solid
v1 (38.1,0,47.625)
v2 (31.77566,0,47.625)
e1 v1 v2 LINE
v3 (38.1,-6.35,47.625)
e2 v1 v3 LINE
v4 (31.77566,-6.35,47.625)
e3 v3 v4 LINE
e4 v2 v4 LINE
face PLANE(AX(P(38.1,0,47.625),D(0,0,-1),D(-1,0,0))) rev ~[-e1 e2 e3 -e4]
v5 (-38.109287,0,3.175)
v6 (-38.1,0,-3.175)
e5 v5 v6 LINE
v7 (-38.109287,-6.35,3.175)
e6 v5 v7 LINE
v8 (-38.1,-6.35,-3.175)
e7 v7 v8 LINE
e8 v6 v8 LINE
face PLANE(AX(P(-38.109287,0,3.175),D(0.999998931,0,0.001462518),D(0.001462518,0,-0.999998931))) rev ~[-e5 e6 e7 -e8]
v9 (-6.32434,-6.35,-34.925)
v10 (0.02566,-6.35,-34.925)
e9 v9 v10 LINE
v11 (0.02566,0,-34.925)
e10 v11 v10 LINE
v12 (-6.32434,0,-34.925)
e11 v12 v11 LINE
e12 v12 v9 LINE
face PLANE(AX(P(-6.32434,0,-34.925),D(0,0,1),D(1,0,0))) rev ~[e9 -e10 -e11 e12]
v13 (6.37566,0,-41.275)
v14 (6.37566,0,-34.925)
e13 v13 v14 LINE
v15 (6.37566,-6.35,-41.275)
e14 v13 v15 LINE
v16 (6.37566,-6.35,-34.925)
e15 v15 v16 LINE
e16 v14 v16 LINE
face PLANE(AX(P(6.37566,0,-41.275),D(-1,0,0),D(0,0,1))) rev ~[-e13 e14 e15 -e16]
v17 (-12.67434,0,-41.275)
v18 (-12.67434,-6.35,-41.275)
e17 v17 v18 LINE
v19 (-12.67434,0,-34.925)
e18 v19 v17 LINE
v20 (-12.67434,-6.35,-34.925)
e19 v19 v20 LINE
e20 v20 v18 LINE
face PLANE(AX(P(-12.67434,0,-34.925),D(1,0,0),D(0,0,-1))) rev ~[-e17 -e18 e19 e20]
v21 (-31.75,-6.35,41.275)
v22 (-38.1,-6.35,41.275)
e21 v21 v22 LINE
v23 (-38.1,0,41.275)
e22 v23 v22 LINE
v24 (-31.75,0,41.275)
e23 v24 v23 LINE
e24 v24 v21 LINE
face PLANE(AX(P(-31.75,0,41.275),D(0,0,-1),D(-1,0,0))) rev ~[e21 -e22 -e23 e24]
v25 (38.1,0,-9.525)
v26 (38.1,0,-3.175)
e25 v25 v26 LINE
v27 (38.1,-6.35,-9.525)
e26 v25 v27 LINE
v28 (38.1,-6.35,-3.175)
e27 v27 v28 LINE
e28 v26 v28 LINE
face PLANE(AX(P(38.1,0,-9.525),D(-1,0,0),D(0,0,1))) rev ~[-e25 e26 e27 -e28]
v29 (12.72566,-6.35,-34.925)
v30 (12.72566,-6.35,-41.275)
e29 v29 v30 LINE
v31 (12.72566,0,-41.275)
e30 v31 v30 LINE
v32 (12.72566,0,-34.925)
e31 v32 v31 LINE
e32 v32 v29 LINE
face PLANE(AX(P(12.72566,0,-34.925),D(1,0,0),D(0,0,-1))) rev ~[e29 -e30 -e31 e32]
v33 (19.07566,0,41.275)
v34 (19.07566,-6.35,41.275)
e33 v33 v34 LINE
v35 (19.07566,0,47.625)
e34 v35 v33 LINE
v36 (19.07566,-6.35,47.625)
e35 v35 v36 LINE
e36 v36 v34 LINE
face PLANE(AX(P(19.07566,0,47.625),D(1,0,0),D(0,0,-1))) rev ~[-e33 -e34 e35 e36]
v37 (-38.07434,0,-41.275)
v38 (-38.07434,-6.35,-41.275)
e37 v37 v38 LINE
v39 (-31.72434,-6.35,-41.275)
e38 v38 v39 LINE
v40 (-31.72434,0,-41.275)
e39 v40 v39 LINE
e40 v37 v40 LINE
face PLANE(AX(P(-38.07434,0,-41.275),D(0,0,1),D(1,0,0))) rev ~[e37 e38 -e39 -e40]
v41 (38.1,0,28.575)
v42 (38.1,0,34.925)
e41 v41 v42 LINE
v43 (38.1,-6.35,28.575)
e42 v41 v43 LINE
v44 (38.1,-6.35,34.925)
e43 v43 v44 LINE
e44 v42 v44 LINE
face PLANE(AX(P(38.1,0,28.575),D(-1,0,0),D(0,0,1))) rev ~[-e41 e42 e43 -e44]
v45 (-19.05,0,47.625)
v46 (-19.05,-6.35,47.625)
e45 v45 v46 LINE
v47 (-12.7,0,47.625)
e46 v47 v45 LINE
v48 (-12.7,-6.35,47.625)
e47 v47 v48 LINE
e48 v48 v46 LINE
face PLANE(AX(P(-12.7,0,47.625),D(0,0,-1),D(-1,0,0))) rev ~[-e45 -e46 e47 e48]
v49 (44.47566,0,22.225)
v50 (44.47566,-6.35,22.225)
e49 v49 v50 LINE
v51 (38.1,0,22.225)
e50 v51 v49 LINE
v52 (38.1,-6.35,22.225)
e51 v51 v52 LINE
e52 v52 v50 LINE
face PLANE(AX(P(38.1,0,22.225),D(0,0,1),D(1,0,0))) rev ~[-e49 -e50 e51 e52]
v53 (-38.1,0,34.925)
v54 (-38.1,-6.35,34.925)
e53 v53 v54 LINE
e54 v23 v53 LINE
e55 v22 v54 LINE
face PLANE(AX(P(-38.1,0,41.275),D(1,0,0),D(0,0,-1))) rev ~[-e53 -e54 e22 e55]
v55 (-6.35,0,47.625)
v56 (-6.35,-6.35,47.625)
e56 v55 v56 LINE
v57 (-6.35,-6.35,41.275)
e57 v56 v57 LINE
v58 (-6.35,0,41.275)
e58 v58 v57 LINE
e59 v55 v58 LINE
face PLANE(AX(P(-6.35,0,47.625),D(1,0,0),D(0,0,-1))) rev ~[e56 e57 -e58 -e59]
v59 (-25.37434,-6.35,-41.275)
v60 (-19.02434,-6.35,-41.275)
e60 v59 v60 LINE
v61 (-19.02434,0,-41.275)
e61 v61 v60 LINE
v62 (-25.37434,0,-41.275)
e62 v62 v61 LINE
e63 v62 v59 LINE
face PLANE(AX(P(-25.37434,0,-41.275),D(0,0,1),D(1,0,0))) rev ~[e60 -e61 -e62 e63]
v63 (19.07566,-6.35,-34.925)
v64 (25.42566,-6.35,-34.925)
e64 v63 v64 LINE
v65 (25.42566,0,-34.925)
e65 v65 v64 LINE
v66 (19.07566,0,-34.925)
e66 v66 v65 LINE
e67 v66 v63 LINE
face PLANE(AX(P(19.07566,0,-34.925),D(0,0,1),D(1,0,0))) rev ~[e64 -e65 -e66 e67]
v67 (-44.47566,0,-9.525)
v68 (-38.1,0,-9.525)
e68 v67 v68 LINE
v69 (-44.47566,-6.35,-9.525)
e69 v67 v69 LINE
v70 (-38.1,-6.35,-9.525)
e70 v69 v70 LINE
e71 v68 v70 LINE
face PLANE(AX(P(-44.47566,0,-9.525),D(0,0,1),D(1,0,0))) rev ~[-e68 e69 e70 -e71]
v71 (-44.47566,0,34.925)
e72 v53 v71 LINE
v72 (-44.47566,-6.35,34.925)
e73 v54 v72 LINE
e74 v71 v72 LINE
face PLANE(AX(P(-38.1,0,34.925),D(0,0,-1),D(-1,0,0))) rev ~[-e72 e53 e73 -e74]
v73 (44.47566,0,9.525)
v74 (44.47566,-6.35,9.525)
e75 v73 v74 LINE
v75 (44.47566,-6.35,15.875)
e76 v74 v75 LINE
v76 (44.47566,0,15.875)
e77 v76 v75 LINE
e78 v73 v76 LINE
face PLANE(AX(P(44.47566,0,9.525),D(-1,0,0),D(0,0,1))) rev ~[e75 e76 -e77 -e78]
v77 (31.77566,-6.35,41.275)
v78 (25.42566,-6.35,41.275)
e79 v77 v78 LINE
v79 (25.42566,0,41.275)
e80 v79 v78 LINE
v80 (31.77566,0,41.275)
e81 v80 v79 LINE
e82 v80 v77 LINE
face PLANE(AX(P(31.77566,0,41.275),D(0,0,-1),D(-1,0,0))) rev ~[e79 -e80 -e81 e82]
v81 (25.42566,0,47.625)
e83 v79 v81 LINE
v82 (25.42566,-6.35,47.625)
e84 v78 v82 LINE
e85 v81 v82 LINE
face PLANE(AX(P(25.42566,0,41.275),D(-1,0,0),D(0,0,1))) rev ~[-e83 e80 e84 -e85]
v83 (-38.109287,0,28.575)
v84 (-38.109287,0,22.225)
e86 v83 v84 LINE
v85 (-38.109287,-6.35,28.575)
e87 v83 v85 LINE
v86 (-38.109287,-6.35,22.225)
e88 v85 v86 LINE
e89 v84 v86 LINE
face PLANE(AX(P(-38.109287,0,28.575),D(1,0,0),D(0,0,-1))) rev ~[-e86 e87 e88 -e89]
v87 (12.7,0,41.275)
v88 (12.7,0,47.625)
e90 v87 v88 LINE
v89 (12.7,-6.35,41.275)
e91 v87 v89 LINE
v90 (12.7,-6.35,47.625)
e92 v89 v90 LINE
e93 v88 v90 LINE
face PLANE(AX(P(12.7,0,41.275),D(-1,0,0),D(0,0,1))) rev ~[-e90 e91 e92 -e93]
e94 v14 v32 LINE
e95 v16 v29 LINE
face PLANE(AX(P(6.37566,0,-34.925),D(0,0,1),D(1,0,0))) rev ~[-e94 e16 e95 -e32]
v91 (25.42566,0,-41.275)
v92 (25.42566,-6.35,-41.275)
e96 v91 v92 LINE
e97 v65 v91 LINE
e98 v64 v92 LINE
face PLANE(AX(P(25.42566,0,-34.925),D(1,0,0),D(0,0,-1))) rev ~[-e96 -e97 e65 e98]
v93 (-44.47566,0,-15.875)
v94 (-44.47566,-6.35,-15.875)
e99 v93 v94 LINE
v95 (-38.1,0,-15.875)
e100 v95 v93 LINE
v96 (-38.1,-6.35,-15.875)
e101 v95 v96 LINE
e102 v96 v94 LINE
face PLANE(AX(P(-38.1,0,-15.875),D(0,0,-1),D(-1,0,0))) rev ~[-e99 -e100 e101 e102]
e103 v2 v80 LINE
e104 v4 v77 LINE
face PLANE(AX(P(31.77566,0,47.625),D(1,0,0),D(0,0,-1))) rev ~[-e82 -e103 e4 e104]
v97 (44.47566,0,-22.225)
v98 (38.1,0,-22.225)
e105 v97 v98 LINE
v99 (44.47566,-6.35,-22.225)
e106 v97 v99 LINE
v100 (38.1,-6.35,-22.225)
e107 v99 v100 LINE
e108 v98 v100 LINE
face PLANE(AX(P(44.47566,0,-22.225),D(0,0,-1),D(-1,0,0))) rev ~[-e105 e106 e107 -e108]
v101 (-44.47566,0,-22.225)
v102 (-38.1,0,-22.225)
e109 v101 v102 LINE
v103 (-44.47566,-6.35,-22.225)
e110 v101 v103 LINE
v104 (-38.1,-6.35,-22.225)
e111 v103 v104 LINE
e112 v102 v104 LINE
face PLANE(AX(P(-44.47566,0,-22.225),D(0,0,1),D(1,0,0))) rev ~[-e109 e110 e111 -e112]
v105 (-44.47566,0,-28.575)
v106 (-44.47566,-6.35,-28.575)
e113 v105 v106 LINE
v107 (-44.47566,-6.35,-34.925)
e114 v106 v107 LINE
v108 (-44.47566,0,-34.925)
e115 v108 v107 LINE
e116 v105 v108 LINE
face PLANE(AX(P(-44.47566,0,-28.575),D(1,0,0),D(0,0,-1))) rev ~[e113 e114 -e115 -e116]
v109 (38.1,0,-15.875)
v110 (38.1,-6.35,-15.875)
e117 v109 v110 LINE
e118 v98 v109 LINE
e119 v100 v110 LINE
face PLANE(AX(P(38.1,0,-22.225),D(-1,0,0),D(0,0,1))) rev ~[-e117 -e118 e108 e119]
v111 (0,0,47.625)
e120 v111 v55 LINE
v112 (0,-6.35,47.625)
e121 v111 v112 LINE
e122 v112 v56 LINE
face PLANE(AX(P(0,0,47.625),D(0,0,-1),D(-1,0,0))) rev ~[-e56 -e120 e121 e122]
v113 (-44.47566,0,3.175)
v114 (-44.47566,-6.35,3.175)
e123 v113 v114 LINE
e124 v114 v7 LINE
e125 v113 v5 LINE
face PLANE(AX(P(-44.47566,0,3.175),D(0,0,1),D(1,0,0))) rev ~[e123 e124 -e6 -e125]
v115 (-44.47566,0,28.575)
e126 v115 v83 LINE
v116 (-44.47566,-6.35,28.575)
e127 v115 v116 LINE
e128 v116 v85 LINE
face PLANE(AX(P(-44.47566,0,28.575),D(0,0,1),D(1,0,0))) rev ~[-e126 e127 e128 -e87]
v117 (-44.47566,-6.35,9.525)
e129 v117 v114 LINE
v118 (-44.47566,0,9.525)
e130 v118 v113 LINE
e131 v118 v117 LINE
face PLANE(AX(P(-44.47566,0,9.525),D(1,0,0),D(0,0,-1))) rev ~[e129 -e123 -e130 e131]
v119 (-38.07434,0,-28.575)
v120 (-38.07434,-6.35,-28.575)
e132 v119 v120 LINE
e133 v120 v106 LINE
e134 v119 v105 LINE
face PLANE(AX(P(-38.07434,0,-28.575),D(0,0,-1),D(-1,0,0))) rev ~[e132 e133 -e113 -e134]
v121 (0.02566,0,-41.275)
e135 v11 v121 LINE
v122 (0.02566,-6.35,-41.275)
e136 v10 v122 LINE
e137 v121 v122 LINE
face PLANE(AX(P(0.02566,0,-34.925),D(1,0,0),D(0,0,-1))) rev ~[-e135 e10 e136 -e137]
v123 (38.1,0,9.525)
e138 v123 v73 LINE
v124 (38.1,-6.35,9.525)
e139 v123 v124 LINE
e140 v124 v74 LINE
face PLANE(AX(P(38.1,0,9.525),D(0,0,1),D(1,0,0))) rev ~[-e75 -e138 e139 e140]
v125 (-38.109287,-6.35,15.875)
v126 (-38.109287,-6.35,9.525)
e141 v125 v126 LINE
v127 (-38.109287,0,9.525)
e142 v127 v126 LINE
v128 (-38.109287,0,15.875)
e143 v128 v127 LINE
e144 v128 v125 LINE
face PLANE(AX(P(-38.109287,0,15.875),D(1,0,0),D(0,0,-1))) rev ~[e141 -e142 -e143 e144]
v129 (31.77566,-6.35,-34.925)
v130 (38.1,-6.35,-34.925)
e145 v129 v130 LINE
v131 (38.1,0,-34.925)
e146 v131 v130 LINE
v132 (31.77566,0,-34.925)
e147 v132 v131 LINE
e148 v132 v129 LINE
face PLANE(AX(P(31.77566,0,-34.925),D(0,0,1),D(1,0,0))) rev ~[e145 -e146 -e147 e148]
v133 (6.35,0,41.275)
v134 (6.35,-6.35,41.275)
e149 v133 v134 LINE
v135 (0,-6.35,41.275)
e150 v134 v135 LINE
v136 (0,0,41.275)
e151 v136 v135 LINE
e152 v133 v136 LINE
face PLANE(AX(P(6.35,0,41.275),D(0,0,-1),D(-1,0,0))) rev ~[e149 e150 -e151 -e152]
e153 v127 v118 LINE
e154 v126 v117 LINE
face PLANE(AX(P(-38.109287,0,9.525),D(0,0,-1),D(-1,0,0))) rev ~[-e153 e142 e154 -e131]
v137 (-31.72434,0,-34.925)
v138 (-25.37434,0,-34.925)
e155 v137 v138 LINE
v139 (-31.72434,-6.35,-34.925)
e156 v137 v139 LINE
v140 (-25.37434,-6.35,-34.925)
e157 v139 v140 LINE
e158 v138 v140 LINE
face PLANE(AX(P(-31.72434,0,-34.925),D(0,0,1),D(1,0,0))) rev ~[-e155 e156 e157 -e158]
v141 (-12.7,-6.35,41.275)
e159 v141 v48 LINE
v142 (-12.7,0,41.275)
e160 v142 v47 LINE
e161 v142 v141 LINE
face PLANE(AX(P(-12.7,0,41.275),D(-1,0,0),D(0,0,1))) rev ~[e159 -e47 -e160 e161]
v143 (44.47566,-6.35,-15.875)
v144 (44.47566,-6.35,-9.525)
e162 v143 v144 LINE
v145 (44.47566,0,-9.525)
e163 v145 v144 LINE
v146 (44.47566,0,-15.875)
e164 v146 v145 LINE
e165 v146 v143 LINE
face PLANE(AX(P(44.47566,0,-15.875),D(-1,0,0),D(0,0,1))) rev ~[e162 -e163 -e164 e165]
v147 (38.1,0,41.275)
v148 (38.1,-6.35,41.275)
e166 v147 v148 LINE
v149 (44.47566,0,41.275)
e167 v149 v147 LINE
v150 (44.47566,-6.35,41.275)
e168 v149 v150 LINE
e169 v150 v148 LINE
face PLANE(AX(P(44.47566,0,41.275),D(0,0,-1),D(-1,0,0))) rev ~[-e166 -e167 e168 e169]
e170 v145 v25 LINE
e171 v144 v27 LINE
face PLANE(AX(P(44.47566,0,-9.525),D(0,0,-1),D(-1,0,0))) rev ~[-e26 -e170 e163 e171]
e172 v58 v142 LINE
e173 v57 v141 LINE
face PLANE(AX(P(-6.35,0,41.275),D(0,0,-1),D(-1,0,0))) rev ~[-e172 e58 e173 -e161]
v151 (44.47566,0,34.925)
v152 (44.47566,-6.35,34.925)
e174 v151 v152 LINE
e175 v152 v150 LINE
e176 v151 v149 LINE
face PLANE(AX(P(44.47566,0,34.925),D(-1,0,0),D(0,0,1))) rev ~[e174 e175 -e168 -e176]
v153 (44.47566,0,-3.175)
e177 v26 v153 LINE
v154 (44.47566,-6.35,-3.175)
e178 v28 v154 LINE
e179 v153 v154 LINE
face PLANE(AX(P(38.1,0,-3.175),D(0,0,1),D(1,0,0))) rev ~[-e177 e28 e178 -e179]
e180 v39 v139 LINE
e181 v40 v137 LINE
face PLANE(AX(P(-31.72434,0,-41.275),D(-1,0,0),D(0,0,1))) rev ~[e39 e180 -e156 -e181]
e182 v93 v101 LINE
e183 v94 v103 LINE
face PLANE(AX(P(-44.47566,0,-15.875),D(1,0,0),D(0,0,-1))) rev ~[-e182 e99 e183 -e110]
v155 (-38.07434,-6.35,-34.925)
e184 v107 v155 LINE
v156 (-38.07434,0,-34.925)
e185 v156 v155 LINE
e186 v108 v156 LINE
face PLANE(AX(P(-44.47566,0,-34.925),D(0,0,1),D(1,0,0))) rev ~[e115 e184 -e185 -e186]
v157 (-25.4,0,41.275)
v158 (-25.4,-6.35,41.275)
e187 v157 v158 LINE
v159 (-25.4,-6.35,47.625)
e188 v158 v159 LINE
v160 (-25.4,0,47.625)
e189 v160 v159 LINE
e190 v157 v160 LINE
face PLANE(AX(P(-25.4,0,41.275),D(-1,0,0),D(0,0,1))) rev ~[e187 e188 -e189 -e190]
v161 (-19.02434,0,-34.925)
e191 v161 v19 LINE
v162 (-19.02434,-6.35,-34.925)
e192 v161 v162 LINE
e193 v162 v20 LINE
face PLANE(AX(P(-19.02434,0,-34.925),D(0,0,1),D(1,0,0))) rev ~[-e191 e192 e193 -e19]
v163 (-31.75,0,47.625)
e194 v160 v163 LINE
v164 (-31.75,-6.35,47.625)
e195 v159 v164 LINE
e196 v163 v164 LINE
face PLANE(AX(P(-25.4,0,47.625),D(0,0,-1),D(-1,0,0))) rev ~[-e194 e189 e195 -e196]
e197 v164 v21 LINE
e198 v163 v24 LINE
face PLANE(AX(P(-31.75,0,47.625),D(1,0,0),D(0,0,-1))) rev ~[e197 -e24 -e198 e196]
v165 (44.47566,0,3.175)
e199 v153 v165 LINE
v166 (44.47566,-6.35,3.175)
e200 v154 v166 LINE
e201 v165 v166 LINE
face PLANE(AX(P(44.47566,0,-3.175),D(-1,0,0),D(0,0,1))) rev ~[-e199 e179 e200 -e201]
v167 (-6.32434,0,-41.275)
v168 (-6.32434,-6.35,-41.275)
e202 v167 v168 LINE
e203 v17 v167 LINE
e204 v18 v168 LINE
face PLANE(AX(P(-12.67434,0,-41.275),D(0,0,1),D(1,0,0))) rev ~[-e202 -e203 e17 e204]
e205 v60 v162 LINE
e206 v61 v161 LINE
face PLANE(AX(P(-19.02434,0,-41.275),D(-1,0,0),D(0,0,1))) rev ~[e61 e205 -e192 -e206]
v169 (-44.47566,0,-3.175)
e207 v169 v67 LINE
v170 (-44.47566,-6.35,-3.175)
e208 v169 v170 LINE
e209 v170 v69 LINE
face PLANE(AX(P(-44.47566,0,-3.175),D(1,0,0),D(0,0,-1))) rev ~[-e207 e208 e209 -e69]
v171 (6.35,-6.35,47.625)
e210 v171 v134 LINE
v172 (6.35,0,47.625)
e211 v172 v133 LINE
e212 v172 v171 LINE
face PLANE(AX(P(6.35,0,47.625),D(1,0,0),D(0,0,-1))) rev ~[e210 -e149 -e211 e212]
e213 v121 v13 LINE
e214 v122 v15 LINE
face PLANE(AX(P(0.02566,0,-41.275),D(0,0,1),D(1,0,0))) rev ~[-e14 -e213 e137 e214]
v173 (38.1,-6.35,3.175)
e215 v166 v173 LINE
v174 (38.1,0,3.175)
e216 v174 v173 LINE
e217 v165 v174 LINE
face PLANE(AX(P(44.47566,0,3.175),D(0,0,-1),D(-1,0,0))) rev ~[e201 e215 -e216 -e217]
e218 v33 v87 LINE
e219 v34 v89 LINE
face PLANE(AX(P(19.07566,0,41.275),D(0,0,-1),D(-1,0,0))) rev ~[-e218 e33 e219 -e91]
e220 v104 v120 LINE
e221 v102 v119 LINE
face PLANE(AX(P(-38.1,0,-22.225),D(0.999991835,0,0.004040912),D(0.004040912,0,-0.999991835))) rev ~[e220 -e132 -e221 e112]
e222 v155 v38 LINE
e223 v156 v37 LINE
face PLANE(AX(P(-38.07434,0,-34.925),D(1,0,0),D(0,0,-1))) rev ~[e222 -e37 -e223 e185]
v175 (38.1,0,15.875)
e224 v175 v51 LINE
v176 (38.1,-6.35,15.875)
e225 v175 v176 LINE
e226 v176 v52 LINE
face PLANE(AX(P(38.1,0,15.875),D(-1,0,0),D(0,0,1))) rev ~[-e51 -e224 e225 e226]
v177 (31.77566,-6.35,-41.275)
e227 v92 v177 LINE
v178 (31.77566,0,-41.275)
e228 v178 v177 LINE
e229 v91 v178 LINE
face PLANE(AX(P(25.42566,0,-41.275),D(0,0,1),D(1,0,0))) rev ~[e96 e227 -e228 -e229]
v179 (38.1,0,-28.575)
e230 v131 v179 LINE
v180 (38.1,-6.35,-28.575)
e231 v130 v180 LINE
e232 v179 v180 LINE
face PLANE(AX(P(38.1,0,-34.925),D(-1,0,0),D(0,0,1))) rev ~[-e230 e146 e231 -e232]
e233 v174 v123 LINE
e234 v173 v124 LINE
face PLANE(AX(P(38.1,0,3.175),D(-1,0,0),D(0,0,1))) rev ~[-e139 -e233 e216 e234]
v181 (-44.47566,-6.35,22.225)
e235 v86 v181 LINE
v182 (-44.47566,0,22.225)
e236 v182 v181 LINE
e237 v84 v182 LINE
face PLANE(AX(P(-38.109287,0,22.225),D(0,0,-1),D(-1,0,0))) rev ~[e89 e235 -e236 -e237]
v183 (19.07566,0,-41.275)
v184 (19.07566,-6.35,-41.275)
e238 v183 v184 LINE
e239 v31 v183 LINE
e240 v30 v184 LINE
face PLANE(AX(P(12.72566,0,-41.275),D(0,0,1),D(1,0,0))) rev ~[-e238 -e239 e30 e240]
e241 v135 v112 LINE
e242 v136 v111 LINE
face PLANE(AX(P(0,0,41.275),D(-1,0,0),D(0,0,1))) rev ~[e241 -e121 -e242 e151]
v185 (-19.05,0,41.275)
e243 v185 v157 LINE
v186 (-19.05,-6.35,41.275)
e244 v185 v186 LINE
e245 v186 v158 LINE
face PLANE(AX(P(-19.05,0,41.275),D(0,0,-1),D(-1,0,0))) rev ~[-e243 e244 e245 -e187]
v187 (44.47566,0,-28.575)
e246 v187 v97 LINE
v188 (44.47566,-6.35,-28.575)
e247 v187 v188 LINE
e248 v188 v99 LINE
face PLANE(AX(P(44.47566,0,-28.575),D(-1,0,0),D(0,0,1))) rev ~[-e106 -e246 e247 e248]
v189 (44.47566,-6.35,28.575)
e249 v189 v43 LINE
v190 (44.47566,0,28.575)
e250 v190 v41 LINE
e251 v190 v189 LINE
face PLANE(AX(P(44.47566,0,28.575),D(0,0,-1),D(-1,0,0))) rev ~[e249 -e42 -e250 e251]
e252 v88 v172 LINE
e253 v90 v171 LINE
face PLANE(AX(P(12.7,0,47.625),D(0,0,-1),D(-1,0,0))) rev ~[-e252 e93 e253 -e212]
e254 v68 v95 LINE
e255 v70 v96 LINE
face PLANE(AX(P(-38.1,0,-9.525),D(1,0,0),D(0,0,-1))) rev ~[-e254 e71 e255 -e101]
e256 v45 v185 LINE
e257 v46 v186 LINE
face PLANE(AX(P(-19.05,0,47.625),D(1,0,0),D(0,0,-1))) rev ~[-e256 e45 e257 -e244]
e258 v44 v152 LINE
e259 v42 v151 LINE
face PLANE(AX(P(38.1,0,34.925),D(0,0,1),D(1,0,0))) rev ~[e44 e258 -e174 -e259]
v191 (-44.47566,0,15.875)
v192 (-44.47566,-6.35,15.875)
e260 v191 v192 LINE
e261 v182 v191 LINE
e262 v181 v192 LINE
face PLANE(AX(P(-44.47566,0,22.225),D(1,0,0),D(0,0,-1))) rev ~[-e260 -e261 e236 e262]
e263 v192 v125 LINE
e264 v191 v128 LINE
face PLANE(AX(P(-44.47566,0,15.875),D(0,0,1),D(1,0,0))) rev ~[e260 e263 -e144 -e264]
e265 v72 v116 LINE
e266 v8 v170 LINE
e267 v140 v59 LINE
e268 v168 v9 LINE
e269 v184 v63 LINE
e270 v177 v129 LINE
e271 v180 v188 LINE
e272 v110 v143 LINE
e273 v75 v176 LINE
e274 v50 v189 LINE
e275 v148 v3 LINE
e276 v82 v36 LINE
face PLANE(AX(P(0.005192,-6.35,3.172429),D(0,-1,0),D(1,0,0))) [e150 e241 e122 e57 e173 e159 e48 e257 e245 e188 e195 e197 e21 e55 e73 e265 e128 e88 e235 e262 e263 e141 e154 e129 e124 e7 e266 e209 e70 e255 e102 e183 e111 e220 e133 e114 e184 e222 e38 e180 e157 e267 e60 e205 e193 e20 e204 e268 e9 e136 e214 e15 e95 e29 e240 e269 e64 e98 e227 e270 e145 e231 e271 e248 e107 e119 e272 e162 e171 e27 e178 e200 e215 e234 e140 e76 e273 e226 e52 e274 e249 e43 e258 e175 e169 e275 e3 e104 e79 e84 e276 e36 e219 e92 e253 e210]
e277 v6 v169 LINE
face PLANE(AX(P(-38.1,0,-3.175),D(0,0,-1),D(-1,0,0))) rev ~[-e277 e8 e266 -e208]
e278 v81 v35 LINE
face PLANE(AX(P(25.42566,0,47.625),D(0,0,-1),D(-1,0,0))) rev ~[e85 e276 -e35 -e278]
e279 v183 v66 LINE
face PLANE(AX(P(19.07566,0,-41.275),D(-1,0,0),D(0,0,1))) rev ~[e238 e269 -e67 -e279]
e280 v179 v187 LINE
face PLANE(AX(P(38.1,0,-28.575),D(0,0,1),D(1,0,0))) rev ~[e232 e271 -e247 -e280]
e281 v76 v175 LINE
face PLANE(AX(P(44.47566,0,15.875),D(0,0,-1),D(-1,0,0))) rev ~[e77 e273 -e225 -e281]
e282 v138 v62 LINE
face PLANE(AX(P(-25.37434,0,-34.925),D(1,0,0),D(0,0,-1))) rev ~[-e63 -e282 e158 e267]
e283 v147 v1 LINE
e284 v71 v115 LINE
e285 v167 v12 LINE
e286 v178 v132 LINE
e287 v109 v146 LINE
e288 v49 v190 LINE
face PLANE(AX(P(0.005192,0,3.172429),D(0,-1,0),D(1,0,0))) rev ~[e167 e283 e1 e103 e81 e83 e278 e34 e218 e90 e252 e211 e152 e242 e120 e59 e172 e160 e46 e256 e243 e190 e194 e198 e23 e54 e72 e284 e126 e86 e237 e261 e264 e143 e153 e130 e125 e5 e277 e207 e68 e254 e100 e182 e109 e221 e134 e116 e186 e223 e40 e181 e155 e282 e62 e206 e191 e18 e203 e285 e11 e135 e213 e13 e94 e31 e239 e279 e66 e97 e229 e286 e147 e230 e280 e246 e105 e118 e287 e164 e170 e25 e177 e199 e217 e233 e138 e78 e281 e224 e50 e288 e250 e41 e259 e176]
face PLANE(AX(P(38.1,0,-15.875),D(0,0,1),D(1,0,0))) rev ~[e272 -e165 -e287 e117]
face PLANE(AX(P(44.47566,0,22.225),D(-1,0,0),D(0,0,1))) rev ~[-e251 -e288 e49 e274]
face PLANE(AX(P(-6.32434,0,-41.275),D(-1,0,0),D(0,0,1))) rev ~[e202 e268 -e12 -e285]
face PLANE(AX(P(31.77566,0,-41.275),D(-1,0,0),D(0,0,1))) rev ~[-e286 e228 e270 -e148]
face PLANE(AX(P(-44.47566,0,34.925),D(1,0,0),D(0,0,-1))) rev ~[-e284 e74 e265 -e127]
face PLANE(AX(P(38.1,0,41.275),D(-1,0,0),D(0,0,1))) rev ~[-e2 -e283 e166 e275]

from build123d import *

# Parameters (mm, degrees)
F1_DEPTH = 6.35


with BuildPart() as f1:
    # F0 (on Front) → F1 (new body)
    with BuildSketch(Plane.XZ):
        Polygon((-25.4, 47.625), (-31.75, 47.625), (-31.75, 41.275), (-38.1, 41.275), (-38.1, 34.925), (-44.47566, 34.925), (-44.47566, 28.575), (-38.109287, 28.575), (-38.109287, 22.225), (-44.47566, 22.225), (-44.47566, 15.875), (-38.109287, 15.875), (-38.109287, 9.525), (-44.47566, 9.525), (-44.47566, 3.175), (-38.109287, 3.175), (-38.1, -3.175), (-44.47566, -3.175), (-44.47566, -9.525), (-38.1, -9.525), (-38.1, -15.875), (-44.47566, -15.875), (-44.47566, -22.225), (-38.1, -22.225), (-38.07434, -28.575), (-44.47566, -28.575), (-44.47566, -34.925), (-38.07434, -34.925), (-38.07434, -41.275), (-31.72434, -41.275), (-31.72434, -34.925), (-25.37434, -34.925), (-25.37434, -41.275), (-25.32191, -41.275), (-19.02434, -41.275), (-19.02434, -34.925), (-12.67434, -34.925), (-12.67434, -41.275), (-12.450798, -41.275), (-6.32434, -41.275), (-6.32434, -34.925), (0.02566, -34.925), (0.02566, -41.275), (6.37566, -41.275), (6.37566, -34.925), (12.72566, -34.925), (12.72566, -41.275), (19.07566, -41.275), (19.07566, -34.925), (25.42566, -34.925), (25.42566, -41.275), (31.77566, -41.275), (31.77566, -34.925), (38.1, -34.925), (38.1, -28.575), (44.47566, -28.575), (44.47566, -22.225), (38.1, -22.225), (38.1, -15.875), (44.47566, -15.875), (44.47566, -9.525), (38.1, -9.525), (38.1, -3.175), (44.47566, -3.175), (44.47566, 3.175), (38.1, 3.175), (38.1, 9.525), (44.47566, 9.525), (44.47566, 15.875), (38.1, 15.875), (38.1, 22.225), (44.47566, 22.225), (44.47566, 28.575), (38.1, 28.575), (38.1, 34.925), (44.47566, 34.925), (44.47566, 41.275), (38.1, 41.275), (38.1, 47.625), (31.77566, 47.625), (31.77566, 41.275), (25.42566, 41.275), (25.42566, 47.625), (19.07566, 47.625), (19.07566, 41.275), (12.7, 41.275), (12.7, 47.625), (6.35, 47.625), (6.35, 41.275), (0, 41.275), (0, 47.625), (-6.35, 47.625), (-6.35, 41.275), (-12.7, 41.275), (-12.7, 47.625), (-19.05, 47.625), (-19.05, 41.275), (-25.4, 41.275), align=None)
    extrude(amount=F1_DEPTH)


solid = f1.part
